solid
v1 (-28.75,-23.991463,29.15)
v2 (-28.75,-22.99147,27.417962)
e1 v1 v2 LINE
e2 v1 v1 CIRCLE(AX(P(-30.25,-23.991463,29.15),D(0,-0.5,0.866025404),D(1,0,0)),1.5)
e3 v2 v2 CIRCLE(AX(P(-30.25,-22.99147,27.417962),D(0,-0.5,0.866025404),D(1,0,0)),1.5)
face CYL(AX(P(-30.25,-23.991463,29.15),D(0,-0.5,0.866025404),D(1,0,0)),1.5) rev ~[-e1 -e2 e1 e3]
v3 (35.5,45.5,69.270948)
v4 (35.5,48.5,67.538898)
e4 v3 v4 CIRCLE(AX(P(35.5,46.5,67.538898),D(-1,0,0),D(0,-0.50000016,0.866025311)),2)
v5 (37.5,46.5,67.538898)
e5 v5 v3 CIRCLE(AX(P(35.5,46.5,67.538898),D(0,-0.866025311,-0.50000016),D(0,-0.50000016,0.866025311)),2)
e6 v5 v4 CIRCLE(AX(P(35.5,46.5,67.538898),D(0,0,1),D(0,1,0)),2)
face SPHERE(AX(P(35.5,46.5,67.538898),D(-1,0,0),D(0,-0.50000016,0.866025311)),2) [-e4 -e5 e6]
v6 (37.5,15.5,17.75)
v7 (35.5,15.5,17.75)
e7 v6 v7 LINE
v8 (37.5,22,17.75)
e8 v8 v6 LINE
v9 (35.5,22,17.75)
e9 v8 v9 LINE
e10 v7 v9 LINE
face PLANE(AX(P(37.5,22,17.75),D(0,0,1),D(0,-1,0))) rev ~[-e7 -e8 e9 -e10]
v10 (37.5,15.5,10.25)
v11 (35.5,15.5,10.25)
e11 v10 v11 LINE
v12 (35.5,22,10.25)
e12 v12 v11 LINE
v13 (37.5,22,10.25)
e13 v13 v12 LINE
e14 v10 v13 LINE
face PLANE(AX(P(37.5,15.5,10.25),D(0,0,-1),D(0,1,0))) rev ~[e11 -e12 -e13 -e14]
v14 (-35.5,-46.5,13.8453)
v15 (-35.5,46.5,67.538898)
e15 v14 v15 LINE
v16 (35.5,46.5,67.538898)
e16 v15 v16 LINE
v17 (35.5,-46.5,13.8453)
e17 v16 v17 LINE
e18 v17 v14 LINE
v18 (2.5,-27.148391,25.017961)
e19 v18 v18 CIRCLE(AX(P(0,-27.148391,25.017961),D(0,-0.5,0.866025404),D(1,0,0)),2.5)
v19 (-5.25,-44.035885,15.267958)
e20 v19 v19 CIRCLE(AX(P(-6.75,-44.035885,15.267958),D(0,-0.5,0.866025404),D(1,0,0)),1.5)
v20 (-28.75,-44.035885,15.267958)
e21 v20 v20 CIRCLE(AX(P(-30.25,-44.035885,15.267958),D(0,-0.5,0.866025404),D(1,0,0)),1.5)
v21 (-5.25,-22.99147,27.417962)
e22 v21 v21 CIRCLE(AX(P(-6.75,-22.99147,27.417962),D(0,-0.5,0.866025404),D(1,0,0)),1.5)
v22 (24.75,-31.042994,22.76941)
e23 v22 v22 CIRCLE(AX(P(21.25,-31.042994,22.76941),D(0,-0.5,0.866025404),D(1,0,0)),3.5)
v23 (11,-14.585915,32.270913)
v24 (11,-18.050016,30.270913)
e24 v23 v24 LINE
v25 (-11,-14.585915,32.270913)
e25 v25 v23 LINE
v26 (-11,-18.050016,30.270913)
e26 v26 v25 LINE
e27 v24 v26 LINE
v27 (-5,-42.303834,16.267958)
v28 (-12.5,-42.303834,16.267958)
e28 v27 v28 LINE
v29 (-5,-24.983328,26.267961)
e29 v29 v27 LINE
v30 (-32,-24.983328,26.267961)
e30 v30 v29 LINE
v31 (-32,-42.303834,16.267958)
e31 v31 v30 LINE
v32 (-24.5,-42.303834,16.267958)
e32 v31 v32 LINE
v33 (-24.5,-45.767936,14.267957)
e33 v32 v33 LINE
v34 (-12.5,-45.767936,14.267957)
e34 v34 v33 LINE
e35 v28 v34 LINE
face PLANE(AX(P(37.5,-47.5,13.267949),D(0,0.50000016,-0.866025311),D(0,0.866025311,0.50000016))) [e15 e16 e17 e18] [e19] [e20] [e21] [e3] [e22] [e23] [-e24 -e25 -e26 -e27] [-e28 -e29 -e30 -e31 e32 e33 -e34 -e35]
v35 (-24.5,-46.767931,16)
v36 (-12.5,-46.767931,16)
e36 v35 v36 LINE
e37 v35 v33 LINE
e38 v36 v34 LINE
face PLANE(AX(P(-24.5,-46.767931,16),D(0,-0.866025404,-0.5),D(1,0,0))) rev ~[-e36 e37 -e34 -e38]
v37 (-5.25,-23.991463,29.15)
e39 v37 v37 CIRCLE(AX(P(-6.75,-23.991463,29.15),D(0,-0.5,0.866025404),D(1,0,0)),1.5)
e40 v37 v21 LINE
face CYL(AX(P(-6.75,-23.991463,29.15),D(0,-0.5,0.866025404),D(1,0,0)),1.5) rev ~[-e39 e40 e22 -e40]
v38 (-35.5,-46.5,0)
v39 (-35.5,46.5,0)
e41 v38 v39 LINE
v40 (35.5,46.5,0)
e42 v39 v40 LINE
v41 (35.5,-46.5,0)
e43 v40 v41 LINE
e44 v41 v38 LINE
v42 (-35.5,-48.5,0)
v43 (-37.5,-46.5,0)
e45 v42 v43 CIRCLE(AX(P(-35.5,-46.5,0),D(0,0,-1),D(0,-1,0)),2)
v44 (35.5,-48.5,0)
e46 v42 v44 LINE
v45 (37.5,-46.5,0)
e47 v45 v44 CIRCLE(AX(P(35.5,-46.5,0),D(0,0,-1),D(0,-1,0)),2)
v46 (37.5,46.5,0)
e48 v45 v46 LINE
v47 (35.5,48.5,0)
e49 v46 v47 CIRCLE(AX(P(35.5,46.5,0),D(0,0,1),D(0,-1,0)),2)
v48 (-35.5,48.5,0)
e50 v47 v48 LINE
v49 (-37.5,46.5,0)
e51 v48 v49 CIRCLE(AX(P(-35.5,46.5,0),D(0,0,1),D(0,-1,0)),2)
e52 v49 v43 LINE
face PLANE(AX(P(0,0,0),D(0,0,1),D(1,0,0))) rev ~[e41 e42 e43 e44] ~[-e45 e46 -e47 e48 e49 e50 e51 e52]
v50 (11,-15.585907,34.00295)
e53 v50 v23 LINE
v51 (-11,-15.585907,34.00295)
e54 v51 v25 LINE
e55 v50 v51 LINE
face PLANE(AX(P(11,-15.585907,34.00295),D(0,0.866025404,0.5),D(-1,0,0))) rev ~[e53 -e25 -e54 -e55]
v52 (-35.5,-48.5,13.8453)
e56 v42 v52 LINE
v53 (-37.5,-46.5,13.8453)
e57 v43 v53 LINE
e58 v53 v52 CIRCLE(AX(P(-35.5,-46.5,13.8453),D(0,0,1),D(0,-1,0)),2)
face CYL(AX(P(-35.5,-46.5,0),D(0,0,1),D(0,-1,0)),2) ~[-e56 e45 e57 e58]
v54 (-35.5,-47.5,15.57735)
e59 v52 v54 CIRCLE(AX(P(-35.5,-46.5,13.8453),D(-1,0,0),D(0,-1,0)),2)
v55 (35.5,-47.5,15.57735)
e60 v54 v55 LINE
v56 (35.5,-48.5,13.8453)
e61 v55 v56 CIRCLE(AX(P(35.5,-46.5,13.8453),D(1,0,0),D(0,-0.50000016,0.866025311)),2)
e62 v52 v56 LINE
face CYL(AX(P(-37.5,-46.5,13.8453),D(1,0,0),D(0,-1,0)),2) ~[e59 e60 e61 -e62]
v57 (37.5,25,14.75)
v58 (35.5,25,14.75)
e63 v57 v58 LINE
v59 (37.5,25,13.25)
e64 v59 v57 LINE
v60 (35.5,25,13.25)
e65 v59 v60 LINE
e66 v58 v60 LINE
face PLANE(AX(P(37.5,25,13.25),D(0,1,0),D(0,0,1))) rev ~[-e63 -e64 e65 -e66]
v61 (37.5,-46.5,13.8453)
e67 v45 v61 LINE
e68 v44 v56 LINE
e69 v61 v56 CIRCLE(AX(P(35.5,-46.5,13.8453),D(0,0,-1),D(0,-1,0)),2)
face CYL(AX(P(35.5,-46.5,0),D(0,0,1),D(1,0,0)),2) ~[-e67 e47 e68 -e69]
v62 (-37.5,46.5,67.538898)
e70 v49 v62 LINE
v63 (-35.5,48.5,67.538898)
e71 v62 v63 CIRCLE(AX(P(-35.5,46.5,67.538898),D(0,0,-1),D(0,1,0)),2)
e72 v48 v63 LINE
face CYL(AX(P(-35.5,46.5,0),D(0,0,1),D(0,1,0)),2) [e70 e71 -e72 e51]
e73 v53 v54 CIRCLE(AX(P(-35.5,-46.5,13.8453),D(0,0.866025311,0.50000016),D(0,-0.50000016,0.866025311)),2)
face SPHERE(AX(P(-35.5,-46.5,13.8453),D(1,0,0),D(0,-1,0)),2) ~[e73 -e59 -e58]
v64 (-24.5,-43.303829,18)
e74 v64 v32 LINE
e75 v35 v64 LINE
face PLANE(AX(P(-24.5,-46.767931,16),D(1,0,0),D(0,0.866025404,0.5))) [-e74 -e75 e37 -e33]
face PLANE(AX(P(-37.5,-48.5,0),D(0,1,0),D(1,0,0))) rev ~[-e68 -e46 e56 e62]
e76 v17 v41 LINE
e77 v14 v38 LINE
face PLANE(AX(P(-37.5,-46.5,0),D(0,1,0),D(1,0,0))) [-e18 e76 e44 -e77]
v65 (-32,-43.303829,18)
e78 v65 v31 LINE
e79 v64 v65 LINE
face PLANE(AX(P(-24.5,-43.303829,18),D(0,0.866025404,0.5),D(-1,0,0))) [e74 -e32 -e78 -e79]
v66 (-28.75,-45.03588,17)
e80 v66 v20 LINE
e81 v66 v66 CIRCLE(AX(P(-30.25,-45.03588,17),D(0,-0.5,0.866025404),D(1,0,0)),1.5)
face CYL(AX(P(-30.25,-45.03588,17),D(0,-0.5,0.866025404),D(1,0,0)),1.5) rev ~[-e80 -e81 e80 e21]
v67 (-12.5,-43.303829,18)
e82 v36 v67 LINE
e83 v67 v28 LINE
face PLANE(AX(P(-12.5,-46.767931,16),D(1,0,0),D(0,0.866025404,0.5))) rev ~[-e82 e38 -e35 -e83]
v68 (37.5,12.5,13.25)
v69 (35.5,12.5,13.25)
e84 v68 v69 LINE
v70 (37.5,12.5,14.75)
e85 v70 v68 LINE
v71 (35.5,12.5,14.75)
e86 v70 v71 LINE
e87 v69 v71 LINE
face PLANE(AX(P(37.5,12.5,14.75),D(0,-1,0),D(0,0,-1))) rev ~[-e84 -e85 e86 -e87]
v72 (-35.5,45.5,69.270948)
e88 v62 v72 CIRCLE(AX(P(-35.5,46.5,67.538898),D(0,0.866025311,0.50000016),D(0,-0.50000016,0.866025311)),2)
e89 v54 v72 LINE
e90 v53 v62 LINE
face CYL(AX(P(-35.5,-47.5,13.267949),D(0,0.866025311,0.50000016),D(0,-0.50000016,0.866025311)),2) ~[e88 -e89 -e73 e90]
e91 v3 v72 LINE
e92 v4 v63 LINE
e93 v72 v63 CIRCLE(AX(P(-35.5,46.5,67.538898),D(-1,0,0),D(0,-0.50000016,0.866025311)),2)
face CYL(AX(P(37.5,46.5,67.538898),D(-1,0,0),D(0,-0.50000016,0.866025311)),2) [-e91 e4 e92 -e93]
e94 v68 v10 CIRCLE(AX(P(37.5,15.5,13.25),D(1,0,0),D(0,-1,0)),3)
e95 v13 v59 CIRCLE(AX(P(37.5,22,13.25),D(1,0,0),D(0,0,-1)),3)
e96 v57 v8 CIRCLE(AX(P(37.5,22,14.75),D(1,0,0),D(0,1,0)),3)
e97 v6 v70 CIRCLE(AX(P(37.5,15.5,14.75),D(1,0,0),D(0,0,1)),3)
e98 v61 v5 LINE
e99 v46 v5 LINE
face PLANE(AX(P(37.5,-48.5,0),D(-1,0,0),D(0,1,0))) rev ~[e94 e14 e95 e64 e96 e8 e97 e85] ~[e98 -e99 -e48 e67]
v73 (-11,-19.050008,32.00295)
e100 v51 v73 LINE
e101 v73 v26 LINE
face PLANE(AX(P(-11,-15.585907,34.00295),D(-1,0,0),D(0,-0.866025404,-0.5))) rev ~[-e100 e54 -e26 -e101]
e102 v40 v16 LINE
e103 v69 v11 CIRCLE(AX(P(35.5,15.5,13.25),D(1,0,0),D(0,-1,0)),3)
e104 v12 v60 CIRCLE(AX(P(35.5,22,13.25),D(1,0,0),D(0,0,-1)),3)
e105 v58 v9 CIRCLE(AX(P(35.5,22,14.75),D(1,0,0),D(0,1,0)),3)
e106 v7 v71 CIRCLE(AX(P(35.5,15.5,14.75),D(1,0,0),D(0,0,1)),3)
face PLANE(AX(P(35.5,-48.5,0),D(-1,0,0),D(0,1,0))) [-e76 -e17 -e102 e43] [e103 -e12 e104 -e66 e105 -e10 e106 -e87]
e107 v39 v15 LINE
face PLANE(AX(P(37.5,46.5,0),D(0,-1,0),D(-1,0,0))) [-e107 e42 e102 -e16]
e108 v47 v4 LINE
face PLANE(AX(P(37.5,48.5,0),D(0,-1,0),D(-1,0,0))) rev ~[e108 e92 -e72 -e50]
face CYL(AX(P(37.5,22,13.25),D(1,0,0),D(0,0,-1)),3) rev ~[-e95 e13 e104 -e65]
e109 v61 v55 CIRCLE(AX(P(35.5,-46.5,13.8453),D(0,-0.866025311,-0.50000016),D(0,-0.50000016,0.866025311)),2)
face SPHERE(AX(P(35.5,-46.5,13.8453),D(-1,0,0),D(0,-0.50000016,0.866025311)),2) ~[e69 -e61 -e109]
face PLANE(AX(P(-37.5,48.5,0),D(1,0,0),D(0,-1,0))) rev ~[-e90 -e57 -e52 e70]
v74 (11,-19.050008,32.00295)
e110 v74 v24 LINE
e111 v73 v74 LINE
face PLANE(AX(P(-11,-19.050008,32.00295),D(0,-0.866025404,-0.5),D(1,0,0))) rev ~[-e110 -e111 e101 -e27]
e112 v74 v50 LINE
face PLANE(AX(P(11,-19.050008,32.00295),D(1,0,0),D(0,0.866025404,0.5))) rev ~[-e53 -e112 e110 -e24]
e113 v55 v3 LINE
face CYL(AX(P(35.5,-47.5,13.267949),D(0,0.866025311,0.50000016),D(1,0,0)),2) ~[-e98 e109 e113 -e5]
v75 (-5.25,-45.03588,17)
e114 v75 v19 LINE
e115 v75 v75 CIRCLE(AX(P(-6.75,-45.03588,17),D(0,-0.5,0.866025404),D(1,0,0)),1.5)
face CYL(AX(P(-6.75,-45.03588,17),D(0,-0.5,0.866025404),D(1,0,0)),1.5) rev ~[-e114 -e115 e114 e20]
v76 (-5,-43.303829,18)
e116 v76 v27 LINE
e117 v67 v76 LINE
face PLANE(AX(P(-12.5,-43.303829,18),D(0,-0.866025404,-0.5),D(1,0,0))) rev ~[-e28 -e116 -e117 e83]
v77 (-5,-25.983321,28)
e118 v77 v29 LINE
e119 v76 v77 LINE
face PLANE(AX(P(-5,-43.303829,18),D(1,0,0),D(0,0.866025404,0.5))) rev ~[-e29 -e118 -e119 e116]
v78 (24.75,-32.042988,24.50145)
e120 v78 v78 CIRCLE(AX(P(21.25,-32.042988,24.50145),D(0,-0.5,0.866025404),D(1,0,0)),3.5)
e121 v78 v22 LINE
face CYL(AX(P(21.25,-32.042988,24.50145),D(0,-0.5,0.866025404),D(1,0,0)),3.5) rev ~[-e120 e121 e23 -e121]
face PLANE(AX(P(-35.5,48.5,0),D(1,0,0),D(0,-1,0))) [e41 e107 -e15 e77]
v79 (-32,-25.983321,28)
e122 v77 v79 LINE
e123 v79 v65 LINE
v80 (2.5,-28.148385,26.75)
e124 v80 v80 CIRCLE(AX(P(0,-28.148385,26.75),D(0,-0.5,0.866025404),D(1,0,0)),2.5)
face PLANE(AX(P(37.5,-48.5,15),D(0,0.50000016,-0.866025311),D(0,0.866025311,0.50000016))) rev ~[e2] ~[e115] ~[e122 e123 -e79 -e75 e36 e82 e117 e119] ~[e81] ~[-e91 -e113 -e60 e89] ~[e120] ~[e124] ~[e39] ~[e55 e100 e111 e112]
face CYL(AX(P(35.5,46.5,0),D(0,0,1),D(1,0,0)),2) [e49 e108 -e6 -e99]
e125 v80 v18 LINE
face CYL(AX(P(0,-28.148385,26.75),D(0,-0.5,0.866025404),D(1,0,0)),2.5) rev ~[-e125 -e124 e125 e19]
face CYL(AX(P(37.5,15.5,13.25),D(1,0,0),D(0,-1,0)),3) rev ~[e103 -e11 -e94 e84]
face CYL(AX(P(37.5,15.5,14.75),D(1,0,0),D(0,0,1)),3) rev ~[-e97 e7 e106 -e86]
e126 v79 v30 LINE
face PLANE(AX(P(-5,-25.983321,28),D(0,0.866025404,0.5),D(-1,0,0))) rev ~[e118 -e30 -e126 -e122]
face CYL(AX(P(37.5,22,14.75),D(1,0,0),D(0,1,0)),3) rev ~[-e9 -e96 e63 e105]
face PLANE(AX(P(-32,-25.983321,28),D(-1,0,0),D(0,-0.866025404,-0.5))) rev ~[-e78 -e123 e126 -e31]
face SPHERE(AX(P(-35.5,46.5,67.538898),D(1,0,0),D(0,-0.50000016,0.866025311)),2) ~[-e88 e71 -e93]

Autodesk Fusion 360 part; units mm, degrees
sketch "Sketch1" plane through (0, 0, 0) normal (0, 0, 1) x (1, 0, 0)
  line L0 (37.5, 48.5) -> (-37.5, 48.5)
  line L1 (-37.5, 48.5) -> (-37.5, -48.5)
  line L2 (-37.5, -48.5) -> (37.5, -48.5)
  line L3 (37.5, -48.5) -> (37.5, 48.5)
  line L4 (37.5, 48.5) -> (-37.5, -48.5) construction
  line L5 (-37.5, 48.5) -> (37.5, -48.5) construction
  dimension "d1" = 75
  dimension "d2" = 97
extrude "Extrude1" add sketch "Sketch1" along normal blind 15
sketch "Sketch2" plane through (37.5, 0, 0) normal (1, 0, 0) x (0, 1, 0)
  line L0 (-48.5, 0) -> (48.5, 0)
  line L1 (48.5, 0) -> (48.5, 15)
  line L2 (48.5, 15) -> (-48.5, 15)
  line L3 (-48.5, 15) -> (-48.5, 0)
  line L4 (-48.5, 15) -> (48.5, 71.003)
  line L5 (-48.5, 15) -> (74.9401, 15) construction
  line L6 (48.5, 71.003) -> (48.5, 15)
  dimension "d5" = 30
extrude "Extrude2" add sketch "Sketch2" against normal up to surface (75 mm away) contours L2 L4 L6
sketch "Sketch3" plane through (0, -18.6202, 32.2511) normal (0, -0.5, 0.866) x (1, 0, 0)
  line L0 (-37.5, 77.5037) -> (-37.5, -34.5022)
  line L1 (-37.5, -34.5022) -> (37.5, -34.5022)
  line L2 (37.5, -34.5022) -> (37.5, 77.5037)
  line L3 (37.5, 77.5037) -> (-37.5, 77.5037)
  line L4 (11, 3.5037) -> (-11, 3.5037)
  line L5 (-11, 3.5037) -> (-11, -0.4963)
  line L6 (-11, -0.4963) -> (11, -0.4963)
  line L7 (11, -0.4963) -> (11, 3.5037)
  line L8 (11, 3.5037) -> (-11, -0.4963) construction
  line L9 (-11, 3.5037) -> (11, -0.4963) construction
  line L10 (-32, -32.5022) -> (-5, -32.5022)
  line L11 (-5, -32.5022) -> (-5, -8.5022)
  line L12 (-5, -8.5022) -> (-32, -8.5022)
  line L13 (-32, -8.5022) -> (-32, -32.5022)
  circle A0 centre (-30.25, -6.2022) radius 1.5
  circle A1 centre (-6.75, -6.2022) radius 1.5
  circle A2 centre (21.25, -15.4993) radius 3.5
  line L14 (-32, -32.5022) -> (-24.5, -32.5022)
  line L15 (-24.5, -32.5022) -> (-24.5, -28.5022)
  line L16 (-24.5, -28.5022) -> (-32, -28.5022)
  line L17 (-32, -28.5022) -> (-32, -32.5022)
  line L18 (-5, -32.5022) -> (-12.5, -32.5022)
  line L19 (-12.5, -32.5022) -> (-12.5, -28.5022)
  line L20 (-12.5, -28.5022) -> (-5, -28.5022)
  line L21 (-5, -28.5022) -> (-5, -32.5022)
  circle A3 centre (-6.75, -30.5022) radius 1.5
  circle A4 centre (-30.25, -30.5022) radius 1.5
  line L22 (11, 3.5037) -> (37.5, 3.5037) construction
  line L23 (-11, 3.5037) -> (-37.5, 3.5037) construction
  line L24 (21.25, 3.5037) -> (21.25, -34.5022) construction
  circle A5 centre (0, -11.0022) radius 2.5
  line L25 (-5, -8.5022) -> (6, -8.5022) construction
  point P0 (0, 1.5037)
  dimension "d8" = 22
  dimension "d9" = 4
  dimension "d10" = 74
  dimension "d11" = 27
  dimension "d12" = 24
  dimension "d14" = 2
  dimension "d17" = 3
  dimension "d18" = 2.3
  dimension "d20" = 2.3
  dimension "d22" = 7
  dimension "d37" = 3
  dimension "d38" = 7.5
  dimension "d39" = 4
  dimension "d40" = 7.5
  dimension "d41" = 4
  dimension "d42" = 3
  dimension "d43" = 2
  dimension "d44" = 1.75
  dimension "d45" = 23.5
  dimension "d46" = 24.3
  dimension "d54" = 1.75
  dimension "d55" = 1.75
  dimension "d56" = 16.25
  dimension "d57" = 5
  dimension "d58" = 5
shell "Shell1" thickness 2 removed faces 1 at (-12.5, -16.1667, 0)
extrude "Extrude3" cut sketch "Sketch3" against normal blind 14 contours L4 L5 L6 L7 | L10 L11 L12 L13 L15 L16 L19 L20 | A0 | A1 | A2 | A3 | A4 | A5
sketch "Sketch4" plane through (37.5, 0, 0) normal (1, 0, 0) x (0, 1, 0)
  line L0 (-48.5, 0) -> (48.5, 0)
  line L1 (48.5, 0) -> (48.5, 71.003)
  line L2 (48.5, 71.003) -> (-48.5, 15)
  line L3 (-48.5, 15) -> (-48.5, 0)
sketch "Sketch5" plane through (37.5, 0, 0) normal (1, 0, 0) x (0, 1, 0)
  line L0 (15.5, 10.25) -> (22, 10.25)
  line L1 (25, 13.25) -> (25, 14.75)
  line L2 (22, 17.75) -> (15.5, 17.75)
  line L3 (12.5, 14.75) -> (12.5, 13.25)
  arc A0 (15.5, 17.75) -> (12.5, 14.75) centre (15.5, 14.75) ccw
  arc A1 (12.5, 13.25) -> (15.5, 10.25) centre (15.5, 13.25) ccw
  arc A2 (25, 14.75) -> (22, 17.75) centre (22, 14.75) ccw
  arc A3 (22, 10.25) -> (25, 13.25) centre (22, 13.25) ccw
  line L4 (18.75, 17.75) -> (18.75, 10.25) construction
  line L5 (12.5, 14) -> (25, 14) construction
  line L6 (-48.5, 0) -> (48.5, 0) construction
  line L7 (48.5, 0) -> (48.5, 71.003) construction
  point P0 (12.5, 10.25)
  point P1 (25, 10.25)
  point P2 (12.5, 17.75)
  dimension "d28" = 12.5
  dimension "d29" = 7.5
  dimension "d30" = 3
  dimension "d31" = 14
  dimension "d32" = 29.75
extrude "Extrude4" cut sketch "Sketch5" against normal blind 4
fillet "Fillet1" radius 2 8 edges at (0, 48.5, 71.003) (-37.5, 0, 43.0015) (0, -48.5, 15) (-37.5, -48.5, 7.5) (-37.5, 48.5, 35.5015) (37.5, 0, 43.0015) (37.5, -48.5, 7.5) (37.5, 48.5, 35.5015)
